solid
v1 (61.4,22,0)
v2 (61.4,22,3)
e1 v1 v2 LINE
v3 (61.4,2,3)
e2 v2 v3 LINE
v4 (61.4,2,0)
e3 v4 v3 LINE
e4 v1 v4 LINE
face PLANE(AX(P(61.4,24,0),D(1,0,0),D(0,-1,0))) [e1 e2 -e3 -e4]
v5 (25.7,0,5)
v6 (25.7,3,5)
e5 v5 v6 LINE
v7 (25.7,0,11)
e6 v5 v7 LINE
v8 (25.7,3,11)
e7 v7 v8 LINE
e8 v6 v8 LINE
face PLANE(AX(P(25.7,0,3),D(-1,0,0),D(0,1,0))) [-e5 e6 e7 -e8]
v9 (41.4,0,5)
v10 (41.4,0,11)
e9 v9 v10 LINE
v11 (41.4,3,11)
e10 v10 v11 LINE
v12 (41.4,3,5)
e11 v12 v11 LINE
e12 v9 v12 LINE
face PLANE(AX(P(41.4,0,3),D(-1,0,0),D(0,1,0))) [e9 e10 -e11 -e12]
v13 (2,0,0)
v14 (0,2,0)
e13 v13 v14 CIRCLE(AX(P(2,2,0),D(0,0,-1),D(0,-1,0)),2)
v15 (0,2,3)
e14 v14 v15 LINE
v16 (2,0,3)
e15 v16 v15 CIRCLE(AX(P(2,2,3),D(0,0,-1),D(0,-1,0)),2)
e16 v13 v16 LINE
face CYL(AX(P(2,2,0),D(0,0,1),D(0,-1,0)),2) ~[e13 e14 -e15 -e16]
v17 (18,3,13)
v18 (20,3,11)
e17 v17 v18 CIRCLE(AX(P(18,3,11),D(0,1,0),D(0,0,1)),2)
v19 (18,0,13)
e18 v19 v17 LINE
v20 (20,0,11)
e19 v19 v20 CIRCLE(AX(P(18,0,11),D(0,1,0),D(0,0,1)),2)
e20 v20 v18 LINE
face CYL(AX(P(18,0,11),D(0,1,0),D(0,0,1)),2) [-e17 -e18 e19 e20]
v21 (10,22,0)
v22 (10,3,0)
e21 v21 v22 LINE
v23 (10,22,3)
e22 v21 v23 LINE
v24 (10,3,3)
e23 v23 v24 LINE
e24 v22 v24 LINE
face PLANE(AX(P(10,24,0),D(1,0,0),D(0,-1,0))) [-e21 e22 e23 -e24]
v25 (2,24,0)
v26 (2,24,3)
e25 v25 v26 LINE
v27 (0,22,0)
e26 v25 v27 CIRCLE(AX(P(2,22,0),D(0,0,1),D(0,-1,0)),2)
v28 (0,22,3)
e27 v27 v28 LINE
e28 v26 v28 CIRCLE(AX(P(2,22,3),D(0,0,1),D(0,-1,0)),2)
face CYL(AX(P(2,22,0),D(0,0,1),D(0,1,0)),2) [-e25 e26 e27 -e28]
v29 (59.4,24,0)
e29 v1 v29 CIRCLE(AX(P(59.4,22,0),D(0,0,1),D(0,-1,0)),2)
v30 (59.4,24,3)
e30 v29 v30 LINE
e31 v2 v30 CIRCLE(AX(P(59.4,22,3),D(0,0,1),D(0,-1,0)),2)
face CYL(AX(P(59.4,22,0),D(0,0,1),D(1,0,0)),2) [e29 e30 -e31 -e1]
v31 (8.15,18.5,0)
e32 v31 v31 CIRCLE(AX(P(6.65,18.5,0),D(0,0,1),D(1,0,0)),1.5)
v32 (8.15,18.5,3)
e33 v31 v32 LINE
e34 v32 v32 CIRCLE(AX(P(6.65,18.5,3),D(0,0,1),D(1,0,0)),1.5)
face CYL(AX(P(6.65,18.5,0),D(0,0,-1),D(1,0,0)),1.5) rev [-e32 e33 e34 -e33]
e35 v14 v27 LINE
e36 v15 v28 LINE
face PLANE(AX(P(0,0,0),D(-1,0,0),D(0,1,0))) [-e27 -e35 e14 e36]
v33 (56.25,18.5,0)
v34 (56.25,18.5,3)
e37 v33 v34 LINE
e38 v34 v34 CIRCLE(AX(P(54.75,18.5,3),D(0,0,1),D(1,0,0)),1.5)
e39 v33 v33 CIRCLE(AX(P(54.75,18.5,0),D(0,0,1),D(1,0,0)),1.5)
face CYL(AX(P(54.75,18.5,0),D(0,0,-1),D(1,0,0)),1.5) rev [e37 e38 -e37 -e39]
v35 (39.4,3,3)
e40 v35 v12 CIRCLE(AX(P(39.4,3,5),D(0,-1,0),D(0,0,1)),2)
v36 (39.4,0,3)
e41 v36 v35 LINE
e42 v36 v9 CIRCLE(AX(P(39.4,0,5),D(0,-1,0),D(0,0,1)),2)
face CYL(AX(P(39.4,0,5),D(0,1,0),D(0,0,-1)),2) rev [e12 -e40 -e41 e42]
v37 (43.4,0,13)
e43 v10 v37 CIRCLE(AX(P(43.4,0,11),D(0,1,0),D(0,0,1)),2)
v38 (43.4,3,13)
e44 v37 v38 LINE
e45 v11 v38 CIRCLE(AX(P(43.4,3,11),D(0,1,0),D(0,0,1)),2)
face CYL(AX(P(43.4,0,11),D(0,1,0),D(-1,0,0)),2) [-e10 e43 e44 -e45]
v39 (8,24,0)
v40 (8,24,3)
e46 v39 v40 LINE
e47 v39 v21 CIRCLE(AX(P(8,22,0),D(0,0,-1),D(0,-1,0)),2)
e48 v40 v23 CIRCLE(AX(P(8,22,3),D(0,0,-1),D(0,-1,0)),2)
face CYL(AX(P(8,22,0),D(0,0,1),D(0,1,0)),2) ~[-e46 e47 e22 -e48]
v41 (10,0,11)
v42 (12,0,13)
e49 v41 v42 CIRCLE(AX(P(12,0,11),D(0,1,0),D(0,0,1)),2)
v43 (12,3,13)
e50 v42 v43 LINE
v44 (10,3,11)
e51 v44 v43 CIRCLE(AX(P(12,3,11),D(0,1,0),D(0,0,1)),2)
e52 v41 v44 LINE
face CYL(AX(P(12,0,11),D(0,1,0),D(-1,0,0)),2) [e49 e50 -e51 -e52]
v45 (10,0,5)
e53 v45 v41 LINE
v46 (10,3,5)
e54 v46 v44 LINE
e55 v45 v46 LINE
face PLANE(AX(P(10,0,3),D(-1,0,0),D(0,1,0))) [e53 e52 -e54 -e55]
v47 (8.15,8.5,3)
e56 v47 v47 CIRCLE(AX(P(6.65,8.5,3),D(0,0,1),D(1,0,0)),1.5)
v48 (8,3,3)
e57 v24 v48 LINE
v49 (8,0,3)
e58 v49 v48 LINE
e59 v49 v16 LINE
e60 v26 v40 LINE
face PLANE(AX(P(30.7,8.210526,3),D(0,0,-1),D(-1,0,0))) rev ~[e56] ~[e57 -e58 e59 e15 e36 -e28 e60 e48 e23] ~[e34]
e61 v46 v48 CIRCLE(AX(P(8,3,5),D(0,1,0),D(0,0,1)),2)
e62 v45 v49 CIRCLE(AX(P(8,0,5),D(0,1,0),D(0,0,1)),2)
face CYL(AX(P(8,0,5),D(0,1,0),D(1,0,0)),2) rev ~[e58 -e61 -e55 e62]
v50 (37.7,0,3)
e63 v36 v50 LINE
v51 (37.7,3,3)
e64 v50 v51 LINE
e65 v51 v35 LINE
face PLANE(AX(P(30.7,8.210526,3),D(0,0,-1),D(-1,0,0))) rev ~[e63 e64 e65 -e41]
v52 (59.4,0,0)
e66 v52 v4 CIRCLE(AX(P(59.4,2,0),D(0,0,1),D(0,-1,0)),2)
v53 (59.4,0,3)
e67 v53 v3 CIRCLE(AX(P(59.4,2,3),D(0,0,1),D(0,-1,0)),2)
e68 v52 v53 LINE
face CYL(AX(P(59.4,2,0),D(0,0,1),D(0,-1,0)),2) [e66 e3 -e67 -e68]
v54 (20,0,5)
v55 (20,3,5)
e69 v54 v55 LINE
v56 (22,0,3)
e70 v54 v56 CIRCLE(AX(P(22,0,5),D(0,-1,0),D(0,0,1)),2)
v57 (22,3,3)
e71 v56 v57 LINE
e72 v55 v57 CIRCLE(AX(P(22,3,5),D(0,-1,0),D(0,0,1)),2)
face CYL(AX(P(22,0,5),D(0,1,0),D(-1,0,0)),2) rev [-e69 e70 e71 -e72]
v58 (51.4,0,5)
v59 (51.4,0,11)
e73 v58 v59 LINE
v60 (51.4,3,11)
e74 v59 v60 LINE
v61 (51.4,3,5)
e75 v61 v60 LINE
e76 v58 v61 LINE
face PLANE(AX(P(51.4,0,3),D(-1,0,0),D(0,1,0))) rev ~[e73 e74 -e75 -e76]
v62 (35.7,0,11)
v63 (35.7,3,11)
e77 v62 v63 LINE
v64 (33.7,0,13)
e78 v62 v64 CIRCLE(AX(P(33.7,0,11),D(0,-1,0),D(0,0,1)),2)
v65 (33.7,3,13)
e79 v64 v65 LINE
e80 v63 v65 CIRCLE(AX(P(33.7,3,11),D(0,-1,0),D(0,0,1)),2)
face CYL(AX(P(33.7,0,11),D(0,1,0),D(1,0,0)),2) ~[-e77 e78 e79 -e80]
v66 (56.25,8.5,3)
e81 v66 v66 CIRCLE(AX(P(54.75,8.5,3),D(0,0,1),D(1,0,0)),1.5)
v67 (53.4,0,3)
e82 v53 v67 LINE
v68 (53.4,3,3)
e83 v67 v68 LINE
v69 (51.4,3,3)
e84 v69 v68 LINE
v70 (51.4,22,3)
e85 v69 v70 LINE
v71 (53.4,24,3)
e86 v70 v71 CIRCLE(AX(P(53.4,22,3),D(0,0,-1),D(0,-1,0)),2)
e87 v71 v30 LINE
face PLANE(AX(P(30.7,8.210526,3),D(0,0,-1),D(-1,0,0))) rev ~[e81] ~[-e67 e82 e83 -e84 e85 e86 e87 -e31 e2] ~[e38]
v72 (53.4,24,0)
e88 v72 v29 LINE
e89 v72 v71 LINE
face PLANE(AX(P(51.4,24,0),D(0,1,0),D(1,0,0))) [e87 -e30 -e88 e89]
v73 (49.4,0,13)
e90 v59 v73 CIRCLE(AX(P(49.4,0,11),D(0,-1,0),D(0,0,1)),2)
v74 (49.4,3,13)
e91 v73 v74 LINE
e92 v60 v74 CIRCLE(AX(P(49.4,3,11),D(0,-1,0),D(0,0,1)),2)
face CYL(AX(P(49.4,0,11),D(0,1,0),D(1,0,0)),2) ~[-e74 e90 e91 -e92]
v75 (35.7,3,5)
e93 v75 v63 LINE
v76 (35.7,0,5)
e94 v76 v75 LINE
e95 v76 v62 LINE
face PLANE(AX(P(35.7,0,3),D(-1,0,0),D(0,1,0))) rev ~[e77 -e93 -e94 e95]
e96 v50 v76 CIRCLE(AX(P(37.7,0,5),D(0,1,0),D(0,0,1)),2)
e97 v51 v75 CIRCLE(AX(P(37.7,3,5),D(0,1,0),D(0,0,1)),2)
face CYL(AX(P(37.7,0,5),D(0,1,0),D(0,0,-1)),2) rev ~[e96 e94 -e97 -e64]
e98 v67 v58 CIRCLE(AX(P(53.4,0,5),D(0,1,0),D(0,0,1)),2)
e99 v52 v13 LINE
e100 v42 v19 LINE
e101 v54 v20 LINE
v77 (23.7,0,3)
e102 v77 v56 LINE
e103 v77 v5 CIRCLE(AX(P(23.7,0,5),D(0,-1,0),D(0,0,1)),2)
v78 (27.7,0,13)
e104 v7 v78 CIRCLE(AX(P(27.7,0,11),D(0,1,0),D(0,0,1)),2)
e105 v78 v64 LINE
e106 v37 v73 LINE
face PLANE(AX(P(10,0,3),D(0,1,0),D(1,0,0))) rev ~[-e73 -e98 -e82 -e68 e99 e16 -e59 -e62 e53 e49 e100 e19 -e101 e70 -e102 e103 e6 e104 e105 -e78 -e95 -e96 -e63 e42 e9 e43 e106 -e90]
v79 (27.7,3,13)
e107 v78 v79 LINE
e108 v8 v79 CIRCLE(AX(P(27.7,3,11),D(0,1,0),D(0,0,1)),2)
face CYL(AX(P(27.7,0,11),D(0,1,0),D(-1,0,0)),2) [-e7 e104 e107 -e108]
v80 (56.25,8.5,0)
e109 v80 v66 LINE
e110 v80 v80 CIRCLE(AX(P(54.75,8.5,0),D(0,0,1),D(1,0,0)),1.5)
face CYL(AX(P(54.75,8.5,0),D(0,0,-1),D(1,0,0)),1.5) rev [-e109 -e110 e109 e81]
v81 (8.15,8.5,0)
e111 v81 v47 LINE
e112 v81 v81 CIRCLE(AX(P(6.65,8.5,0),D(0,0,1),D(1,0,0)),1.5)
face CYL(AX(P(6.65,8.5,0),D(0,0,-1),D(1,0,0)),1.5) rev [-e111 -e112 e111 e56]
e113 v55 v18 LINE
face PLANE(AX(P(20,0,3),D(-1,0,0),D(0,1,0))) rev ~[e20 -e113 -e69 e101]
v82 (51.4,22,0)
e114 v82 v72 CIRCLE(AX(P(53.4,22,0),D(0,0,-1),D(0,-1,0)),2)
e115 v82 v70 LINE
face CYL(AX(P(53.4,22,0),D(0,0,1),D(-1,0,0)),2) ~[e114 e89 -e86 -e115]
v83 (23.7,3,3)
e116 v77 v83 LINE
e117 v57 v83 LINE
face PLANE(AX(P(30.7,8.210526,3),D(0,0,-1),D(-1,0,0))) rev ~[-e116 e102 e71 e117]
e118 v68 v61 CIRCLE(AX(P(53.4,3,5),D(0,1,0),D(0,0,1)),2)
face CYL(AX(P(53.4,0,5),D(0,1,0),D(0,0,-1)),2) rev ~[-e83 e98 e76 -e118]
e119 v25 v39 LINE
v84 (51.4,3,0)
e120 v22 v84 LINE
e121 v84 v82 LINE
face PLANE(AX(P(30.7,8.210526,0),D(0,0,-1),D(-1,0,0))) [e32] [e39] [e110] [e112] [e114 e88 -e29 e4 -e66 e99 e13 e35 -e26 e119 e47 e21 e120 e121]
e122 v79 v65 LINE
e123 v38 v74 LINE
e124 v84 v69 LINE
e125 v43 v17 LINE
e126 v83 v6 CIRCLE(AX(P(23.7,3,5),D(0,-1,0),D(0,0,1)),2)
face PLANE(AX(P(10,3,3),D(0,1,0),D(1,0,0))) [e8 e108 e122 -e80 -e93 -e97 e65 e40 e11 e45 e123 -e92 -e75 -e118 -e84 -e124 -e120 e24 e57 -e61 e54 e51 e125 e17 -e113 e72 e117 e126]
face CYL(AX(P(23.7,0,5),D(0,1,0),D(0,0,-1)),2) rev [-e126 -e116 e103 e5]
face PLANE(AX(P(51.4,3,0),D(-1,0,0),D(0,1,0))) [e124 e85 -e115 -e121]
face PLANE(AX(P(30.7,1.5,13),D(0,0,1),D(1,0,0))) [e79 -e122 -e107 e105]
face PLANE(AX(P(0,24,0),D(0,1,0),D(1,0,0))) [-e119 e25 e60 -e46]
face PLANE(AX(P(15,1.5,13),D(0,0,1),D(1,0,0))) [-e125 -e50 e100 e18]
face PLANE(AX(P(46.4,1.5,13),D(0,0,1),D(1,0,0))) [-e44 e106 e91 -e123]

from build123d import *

# Parameters (mm, degrees)
SKETCH1_R           = 1.5
BOSS_EXTRUDE1_DEPTH = 3
SKETCH2_W           = 10
SKETCH2_H           = 3
BOSS_EXTRUDE2_DEPTH = 10
FILLET1_R           = 2


with BuildPart() as part:
    # Sketch1 → Boss-Extrude1 (new body)
    with BuildSketch(Plane.XY):
        Polygon((10, 24), (10, 3), (51.4, 3), (51.4, 24), (61.4, 24), (61.4, 0), (0, 0), (0, 24), align=None)
        with Locations((6.65, 8.5)):
            Circle(SKETCH1_R, mode=Mode.SUBTRACT)
        with Locations((6.65, 18.5)):
            Circle(SKETCH1_R, mode=Mode.SUBTRACT)
        with Locations((54.75, 18.5)):
            Circle(SKETCH1_R, mode=Mode.SUBTRACT)
        with Locations((54.75, 8.5)):
            Circle(SKETCH1_R, mode=Mode.SUBTRACT)
    extrude(amount=BOSS_EXTRUDE1_DEPTH)

    # Sketch2 → Boss-Extrude2 (add)
    with BuildSketch(Plane.XY.offset(3)):
        with Locations((15, 1.5)):
            Rectangle(SKETCH2_W, SKETCH2_H)
        with Locations((46.4, 1.5)):
            Rectangle(SKETCH2_W, SKETCH2_H)
        with Locations((30.7, 1.5)):
            Rectangle(SKETCH2_W, SKETCH2_H)
    extrude(amount=BOSS_EXTRUDE2_DEPTH)

    # Fillet1
    fillet1_edges = [part.edges().sort_by_distance(p)[0] for p in [
        (10, 1.5, 3),
        (51.4, 1.5, 3),
        (20, 1.5, 3),
        (10, 1.5, 13),
        (20, 1.5, 13),
        (25.7, 1.5, 3),
        (41.4, 1.5, 3),
        (35.7, 1.5, 3),
        (25.7, 1.5, 13),
        (35.7, 1.5, 13),
        (41.4, 1.5, 13),
        (51.4, 1.5, 13),
        (51.4, 24, 1.5),
        (61.4, 24, 1.5),
        (61.4, 0, 1.5),
        (0, 0, 1.5),
        (0, 24, 1.5),
        (10, 24, 1.5),
    ]]
    fillet(fillet1_edges, radius=FILLET1_R)


solid = part.part
